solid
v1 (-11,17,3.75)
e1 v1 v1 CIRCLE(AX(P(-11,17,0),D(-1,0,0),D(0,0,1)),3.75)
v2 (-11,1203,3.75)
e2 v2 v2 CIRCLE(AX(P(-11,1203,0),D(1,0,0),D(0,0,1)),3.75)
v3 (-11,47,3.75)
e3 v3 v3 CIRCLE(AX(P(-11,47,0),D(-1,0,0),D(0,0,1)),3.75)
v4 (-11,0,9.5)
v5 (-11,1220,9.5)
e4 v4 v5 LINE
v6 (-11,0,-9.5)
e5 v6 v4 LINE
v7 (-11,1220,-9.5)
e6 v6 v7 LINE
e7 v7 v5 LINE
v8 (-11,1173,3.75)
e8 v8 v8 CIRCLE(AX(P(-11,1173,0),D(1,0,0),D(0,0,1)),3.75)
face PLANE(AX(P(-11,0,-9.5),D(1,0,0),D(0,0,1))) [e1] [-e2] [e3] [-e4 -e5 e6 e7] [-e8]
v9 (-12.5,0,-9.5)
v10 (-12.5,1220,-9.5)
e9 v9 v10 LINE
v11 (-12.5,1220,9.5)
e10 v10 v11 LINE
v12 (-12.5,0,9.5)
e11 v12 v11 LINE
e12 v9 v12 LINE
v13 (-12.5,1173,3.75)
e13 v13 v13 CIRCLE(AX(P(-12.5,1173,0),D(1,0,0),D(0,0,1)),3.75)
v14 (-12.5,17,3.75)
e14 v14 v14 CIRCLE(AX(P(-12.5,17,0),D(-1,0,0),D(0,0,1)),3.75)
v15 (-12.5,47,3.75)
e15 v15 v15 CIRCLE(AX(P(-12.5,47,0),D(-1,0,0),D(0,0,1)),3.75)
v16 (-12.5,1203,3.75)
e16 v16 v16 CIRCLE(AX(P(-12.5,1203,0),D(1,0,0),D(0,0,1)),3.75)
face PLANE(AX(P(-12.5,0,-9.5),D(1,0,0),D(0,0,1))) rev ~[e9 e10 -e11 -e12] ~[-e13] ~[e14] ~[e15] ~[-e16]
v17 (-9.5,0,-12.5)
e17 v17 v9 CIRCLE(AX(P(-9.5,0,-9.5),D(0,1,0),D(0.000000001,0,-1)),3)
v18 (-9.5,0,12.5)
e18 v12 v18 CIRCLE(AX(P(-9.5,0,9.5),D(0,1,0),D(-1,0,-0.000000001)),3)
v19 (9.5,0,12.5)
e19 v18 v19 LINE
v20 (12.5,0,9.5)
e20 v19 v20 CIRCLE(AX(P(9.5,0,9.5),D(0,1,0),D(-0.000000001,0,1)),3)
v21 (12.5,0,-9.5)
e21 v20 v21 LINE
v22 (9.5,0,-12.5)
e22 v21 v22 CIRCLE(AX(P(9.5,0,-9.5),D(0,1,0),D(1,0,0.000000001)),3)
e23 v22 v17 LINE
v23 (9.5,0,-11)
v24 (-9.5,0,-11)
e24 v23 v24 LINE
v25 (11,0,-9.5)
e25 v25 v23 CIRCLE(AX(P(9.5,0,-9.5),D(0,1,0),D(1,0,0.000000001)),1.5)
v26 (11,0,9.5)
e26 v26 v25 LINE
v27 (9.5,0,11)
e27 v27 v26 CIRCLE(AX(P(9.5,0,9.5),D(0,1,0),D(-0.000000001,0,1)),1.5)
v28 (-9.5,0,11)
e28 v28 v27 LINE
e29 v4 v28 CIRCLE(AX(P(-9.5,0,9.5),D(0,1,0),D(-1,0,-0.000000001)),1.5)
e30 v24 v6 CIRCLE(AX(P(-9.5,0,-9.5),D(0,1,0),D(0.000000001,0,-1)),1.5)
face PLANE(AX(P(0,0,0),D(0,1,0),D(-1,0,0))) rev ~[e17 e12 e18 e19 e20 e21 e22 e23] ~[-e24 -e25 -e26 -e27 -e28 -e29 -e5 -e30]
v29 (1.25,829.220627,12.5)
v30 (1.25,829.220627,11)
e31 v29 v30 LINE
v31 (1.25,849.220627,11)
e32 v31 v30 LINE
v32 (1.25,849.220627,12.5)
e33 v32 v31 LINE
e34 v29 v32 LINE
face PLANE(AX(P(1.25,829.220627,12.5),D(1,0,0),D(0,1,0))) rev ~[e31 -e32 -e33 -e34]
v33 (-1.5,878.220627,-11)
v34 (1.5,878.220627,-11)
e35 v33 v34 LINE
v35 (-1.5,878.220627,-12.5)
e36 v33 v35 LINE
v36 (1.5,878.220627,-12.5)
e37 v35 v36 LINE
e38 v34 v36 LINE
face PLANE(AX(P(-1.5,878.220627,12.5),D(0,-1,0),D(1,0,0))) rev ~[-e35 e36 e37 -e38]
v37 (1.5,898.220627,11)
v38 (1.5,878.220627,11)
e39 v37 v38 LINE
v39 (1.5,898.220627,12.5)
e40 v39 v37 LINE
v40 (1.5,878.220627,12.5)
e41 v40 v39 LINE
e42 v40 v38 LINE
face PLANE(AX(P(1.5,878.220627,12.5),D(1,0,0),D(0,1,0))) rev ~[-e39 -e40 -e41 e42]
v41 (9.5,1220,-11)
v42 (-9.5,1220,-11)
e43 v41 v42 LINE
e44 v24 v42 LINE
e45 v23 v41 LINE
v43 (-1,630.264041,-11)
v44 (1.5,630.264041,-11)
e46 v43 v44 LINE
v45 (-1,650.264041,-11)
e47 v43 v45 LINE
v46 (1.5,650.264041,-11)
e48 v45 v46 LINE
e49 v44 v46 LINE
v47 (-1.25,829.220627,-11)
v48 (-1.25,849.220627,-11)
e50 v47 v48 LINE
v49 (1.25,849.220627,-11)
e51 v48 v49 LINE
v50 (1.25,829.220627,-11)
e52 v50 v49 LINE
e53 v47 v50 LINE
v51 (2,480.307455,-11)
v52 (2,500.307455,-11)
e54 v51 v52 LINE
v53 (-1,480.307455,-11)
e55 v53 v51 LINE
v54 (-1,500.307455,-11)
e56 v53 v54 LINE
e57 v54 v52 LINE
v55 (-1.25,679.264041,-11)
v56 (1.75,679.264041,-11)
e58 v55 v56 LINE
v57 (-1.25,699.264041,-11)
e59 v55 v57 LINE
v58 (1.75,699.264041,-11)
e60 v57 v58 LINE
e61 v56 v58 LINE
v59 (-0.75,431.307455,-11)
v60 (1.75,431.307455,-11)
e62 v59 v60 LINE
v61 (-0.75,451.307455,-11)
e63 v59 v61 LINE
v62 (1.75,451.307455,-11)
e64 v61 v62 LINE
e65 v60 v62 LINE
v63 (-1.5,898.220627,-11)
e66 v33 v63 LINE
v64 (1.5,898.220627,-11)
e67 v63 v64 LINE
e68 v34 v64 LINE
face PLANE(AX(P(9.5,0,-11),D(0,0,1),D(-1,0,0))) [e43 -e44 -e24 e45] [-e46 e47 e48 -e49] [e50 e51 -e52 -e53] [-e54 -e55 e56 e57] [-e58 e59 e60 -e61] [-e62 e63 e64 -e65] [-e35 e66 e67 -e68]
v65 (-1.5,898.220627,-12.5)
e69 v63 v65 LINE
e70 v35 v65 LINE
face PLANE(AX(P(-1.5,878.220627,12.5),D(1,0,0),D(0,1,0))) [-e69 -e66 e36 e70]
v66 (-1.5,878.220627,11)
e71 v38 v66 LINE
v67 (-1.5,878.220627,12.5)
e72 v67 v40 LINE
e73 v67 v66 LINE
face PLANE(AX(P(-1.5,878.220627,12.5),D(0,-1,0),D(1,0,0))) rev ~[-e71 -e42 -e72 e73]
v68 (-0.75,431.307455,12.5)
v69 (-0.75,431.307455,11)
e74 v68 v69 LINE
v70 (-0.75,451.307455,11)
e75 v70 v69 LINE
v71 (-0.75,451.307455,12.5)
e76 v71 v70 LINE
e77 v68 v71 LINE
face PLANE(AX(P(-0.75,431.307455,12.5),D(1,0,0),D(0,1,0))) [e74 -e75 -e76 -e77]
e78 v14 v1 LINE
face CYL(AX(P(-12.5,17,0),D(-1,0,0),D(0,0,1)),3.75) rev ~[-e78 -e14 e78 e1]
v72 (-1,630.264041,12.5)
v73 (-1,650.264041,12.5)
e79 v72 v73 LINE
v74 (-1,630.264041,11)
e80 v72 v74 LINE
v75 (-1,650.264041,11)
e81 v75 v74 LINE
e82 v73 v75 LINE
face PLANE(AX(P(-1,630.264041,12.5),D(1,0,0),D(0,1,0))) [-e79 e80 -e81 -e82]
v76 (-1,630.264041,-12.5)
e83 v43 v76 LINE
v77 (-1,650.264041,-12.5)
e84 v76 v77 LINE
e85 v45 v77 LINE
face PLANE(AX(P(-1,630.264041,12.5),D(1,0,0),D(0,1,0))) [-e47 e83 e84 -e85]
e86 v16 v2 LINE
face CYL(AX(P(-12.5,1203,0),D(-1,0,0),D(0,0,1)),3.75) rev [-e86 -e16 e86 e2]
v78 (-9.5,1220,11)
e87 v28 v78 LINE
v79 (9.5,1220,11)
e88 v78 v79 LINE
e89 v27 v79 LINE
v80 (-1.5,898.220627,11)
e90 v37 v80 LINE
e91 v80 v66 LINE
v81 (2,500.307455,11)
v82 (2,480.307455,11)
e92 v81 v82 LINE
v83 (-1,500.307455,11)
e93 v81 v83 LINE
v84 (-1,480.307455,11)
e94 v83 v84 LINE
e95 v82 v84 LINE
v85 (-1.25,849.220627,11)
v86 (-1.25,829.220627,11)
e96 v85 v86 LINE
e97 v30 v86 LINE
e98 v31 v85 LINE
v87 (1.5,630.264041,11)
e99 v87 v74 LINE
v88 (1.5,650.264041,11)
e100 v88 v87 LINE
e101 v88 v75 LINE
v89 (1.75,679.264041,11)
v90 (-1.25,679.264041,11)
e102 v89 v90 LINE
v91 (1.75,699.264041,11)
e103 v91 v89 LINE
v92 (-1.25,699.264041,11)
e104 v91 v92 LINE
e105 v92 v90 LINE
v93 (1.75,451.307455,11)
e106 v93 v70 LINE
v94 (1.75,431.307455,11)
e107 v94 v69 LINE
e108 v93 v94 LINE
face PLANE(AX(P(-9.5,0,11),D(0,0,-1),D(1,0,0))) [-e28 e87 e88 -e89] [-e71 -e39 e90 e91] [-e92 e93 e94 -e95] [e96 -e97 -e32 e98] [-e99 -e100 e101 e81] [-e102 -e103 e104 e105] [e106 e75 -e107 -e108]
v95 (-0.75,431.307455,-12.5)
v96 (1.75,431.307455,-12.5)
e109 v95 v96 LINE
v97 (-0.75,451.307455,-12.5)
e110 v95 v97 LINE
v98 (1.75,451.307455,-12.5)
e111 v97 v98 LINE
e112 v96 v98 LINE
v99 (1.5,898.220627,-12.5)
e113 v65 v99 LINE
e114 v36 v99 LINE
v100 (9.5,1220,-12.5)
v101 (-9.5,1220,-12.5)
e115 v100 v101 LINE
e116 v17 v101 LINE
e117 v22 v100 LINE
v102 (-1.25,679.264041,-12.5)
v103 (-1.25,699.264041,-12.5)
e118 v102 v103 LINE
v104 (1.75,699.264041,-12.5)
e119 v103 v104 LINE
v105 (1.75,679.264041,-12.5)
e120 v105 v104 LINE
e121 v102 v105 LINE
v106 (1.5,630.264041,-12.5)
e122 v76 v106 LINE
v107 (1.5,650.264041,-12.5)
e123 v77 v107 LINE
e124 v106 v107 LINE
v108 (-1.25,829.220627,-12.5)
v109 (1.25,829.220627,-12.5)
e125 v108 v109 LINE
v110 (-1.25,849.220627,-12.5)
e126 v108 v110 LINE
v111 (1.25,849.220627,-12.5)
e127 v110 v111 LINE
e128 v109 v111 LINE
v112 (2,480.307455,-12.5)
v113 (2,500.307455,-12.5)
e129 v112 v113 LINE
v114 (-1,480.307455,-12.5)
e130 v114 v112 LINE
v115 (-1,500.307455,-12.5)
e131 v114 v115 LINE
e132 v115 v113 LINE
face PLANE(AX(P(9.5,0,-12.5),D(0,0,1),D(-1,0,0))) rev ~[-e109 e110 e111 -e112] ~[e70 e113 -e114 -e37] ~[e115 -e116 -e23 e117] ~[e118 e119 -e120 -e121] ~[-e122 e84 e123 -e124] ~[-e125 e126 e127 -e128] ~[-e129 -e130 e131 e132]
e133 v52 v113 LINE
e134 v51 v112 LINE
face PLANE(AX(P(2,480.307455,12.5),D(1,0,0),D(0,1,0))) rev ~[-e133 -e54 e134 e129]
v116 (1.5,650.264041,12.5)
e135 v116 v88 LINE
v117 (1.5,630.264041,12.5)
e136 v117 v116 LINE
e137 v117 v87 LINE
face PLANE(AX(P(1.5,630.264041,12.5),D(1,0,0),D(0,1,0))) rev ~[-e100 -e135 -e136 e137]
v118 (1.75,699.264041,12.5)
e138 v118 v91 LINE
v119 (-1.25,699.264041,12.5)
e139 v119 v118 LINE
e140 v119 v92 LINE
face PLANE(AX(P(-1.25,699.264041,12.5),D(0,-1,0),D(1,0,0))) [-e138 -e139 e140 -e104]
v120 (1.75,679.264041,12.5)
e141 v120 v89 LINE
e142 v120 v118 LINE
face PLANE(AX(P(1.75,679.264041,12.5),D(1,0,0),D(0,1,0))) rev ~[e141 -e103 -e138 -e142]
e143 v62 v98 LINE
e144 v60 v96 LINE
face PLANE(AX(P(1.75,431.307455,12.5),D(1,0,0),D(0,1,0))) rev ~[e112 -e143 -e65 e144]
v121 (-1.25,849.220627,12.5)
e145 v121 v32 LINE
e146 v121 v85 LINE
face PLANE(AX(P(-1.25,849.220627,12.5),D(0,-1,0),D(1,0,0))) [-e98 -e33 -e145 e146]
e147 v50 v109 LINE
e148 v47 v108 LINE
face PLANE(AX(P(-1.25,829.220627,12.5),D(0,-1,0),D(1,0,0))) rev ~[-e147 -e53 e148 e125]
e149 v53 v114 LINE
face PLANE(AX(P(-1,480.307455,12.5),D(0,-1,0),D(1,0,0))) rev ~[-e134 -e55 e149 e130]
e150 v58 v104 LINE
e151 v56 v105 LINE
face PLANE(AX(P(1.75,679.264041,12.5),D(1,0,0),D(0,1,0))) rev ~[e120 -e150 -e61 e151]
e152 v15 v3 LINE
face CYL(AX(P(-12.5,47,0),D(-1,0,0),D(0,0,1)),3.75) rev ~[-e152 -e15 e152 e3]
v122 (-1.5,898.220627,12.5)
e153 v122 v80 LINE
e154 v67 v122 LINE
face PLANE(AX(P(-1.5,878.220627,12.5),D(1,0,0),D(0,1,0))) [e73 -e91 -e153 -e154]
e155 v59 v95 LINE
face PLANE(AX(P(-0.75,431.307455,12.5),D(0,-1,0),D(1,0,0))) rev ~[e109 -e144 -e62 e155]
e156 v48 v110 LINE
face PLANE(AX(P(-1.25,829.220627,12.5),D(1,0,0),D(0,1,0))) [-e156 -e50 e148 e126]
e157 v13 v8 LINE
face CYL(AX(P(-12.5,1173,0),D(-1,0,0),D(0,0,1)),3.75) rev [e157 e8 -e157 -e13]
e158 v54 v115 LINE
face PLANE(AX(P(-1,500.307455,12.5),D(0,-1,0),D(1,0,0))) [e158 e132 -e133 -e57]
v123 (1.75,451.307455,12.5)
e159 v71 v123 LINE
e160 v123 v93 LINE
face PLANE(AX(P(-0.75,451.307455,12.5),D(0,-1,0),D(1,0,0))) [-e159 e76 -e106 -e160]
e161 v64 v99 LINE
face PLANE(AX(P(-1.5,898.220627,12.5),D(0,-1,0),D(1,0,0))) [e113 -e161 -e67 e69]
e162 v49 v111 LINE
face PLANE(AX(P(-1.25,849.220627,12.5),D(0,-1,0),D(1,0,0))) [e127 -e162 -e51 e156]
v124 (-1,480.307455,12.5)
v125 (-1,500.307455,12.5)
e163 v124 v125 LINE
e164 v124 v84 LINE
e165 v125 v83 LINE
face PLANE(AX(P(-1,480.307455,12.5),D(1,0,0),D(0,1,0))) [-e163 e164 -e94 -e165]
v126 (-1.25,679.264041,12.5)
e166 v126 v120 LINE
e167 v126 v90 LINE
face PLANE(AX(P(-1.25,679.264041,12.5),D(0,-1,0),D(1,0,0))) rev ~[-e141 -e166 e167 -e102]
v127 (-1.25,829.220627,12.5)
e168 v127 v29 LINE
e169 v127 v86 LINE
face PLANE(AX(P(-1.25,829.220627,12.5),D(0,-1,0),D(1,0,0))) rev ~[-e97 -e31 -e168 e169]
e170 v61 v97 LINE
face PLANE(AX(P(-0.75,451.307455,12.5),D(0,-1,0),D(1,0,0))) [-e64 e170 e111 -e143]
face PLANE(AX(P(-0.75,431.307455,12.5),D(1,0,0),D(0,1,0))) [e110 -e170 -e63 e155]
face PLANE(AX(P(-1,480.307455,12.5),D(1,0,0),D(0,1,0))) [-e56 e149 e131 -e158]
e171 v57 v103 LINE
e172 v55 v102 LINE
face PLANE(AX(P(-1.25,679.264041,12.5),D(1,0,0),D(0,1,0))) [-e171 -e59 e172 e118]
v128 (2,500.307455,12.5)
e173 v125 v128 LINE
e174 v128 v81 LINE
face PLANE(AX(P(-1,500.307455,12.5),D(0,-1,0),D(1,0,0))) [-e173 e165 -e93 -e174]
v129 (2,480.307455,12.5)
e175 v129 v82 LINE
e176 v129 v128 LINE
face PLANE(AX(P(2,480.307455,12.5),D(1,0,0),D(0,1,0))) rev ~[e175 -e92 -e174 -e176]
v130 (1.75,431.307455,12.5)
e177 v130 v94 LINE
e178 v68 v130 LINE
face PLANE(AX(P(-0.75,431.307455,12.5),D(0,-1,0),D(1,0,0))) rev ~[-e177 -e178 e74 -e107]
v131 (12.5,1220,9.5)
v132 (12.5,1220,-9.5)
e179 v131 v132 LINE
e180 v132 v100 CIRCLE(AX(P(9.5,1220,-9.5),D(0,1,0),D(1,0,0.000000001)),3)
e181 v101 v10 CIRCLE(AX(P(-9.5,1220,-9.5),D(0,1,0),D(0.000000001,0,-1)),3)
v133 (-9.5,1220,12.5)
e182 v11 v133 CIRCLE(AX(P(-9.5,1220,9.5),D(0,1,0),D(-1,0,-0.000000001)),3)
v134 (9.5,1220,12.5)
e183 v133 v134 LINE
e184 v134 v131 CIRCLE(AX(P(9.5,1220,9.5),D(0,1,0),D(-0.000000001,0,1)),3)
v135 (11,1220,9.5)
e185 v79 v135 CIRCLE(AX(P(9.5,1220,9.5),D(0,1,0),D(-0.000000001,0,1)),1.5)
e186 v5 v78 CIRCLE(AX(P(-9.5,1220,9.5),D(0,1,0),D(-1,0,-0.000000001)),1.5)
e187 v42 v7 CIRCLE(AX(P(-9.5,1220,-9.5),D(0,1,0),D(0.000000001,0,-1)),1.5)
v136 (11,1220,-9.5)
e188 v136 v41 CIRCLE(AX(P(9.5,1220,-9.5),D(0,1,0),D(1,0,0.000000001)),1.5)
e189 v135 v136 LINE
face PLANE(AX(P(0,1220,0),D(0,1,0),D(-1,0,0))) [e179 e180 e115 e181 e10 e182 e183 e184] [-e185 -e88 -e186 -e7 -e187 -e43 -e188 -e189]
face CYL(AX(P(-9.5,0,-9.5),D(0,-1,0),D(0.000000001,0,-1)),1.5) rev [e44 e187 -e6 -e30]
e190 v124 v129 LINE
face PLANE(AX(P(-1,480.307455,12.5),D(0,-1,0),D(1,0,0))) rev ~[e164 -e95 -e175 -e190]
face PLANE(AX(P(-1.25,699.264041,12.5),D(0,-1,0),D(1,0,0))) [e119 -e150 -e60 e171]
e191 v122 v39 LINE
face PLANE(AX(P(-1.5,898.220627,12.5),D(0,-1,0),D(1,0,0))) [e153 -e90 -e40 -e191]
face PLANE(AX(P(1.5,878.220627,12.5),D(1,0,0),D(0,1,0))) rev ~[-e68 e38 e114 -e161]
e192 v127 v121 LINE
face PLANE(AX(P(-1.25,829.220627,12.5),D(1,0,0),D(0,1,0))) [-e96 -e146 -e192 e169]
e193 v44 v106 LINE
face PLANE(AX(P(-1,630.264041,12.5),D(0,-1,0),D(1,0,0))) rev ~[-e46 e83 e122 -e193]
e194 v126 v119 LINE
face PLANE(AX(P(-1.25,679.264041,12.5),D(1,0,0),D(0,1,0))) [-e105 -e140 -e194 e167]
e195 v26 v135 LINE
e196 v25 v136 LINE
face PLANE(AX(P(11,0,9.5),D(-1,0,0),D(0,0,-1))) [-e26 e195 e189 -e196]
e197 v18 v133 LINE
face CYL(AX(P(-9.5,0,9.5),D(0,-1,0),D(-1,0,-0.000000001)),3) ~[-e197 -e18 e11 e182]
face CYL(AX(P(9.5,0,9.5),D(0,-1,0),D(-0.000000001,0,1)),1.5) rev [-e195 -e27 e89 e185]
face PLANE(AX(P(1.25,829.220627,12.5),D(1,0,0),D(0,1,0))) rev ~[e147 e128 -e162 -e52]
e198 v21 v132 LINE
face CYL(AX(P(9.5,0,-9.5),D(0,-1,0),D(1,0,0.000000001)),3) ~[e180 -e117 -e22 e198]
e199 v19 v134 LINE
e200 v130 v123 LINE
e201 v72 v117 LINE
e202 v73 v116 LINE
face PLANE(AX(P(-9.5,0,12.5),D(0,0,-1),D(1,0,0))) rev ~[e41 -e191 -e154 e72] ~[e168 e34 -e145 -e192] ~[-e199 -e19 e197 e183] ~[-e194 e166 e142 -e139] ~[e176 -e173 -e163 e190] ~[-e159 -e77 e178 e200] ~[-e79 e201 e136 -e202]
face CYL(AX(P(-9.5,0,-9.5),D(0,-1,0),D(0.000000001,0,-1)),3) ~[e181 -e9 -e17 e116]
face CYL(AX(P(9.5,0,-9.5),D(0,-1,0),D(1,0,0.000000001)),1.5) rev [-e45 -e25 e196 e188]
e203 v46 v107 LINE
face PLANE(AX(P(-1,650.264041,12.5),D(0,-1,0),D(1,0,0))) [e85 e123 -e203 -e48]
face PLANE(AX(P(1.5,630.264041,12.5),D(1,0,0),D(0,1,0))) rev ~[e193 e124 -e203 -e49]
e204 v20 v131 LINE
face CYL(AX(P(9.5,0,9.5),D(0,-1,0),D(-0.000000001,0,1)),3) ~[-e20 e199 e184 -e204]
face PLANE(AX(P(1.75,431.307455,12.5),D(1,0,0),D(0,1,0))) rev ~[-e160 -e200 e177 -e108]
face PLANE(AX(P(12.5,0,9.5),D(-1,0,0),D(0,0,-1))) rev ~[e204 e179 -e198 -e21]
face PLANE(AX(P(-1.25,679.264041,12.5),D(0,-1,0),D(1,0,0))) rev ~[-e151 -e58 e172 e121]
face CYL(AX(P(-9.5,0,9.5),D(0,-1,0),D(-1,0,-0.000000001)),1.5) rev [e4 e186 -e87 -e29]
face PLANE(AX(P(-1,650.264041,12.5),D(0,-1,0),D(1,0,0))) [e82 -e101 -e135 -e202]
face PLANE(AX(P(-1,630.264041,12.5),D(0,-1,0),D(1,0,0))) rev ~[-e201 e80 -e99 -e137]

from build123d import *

# Parameters (mm, degrees)
SQUARE_TUBE_CONFIGURED_20_X_20_X_2_1_DEPTH = 1220
CUT_EXTRUDE_1_REACH                        = 1222.32
SKETCH_2_R                                 = 3.75
SKETCH_3_W                                 = 3
SKETCH_3_H                                 = 20
SKETCH_3_W_2                               = 2.5
CUT_EXTRUDE_2_DEPTH                        = 1221.320142422


with BuildPart() as part:
    # Sketch1 → Square tube - configured 20 X 20 X 2(1) (new body)
    with BuildSketch(Plane(origin=(0, 0, 0), x_dir=(-1, 0, 0), z_dir=(0, 1, 0))):
        with BuildLine():
            Line((-9.5, -12.5), (9.5, -12.5))
            ThreePointArc((9.5, -12.5), (11.621320344, -11.621320344), (12.5, -9.5))
            Line((12.5, -9.5), (12.5, 9.5))
            ThreePointArc((12.5, 9.5), (11.621320344, 11.621320344), (9.5, 12.5))
            Line((9.5, 12.5), (-9.5, 12.5))
            ThreePointArc((-9.5, 12.5), (-11.621320344, 11.621320344), (-12.5, 9.5))
            Line((-12.5, 9.5), (-12.5, -9.5))
            ThreePointArc((-12.5, -9.5), (-11.621320344, -11.621320344), (-9.5, -12.5))
        make_face()
        with BuildLine():
            Line((-9.5, -11), (9.5, -11))
            ThreePointArc((9.5, -11), (10.560660172, -10.560660172), (11, -9.5))
            Line((11, -9.5), (11, 9.5))
            ThreePointArc((11, 9.5), (10.560660172, 10.560660172), (9.5, 11))
            Line((9.5, 11), (-9.5, 11))
            ThreePointArc((-9.5, 11), (-10.560660172, 10.560660172), (-11, 9.5))
            Line((-11, 9.5), (-11, -9.5))
            ThreePointArc((-11, -9.5), (-10.560660172, -10.560660172), (-9.5, -11))
        make_face(mode=Mode.SUBTRACT)
    extrude(amount=SQUARE_TUBE_CONFIGURED_20_X_20_X_2_1_DEPTH)

    # Эскиз2 → Вырез-Вытянуть1 (cut, up to next)
    with BuildSketch(Plane.ZY.offset(12.5), mode=Mode.PRIVATE) as cut_extrude_1_sk1:
        with Locations((0, 17)):
            Circle(SKETCH_2_R)
    cut_extrude_1_tool1 = extrude(cut_extrude_1_sk1.sketch, amount=-CUT_EXTRUDE_1_REACH, mode=Mode.PRIVATE) & part.part
    # Эскиз2 → Вырез-Вытянуть1 (cut, up to next)
    with BuildSketch(Plane.ZY.offset(12.5), mode=Mode.PRIVATE) as cut_extrude_1_sk2:
        with Locations((0, 47)):
            Circle(SKETCH_2_R)
    cut_extrude_1_tool2 = extrude(cut_extrude_1_sk2.sketch, amount=-CUT_EXTRUDE_1_REACH, mode=Mode.PRIVATE) & part.part
    cut_extrude_1_1 = cut_extrude_1_tool1.solids().sort_by_distance((-12.5, 17, 0))[0]
    add(cut_extrude_1_1, mode=Mode.SUBTRACT)
    cut_extrude_1_2 = cut_extrude_1_tool2.solids().sort_by_distance((-12.5, 47, 0))[0]
    add(cut_extrude_1_2, mode=Mode.SUBTRACT)
    cut_extrude_1 = cut_extrude_1_1 + cut_extrude_1_2  # Вырез-Вытянуть1 as one shape, for the pattern or mirror that repeats it

    # Зеркальное отражение1: Вырез-Вытянуть1 across plane
    add(cut_extrude_1.mirror(Plane.ZX.offset(610)), mode=Mode.SUBTRACT)

    # Эскиз3 → Вырез-Вытянуть2 (cut, through all)
    with BuildSketch(Plane.XY.offset(12.5)):
        with Locations((0, 888.220627209)):
            Rectangle(SKETCH_3_W, SKETCH_3_H)
        with Locations((0, 839.220627209)):
            Rectangle(SKETCH_3_W_2, SKETCH_3_H)
        with Locations((0.25, 689.264040992)):
            Rectangle(SKETCH_3_W, SKETCH_3_H)
        with Locations((0.25, 640.264040992)):
            Rectangle(SKETCH_3_W_2, SKETCH_3_H)
        with Locations((0.5, 490.307454775)):
            Rectangle(SKETCH_3_W, SKETCH_3_H)
        with Locations((0.5, 441.307454775)):
            Rectangle(SKETCH_3_W_2, SKETCH_3_H)
    extrude(amount=-CUT_EXTRUDE_2_DEPTH, mode=Mode.SUBTRACT)


solid = part.part
